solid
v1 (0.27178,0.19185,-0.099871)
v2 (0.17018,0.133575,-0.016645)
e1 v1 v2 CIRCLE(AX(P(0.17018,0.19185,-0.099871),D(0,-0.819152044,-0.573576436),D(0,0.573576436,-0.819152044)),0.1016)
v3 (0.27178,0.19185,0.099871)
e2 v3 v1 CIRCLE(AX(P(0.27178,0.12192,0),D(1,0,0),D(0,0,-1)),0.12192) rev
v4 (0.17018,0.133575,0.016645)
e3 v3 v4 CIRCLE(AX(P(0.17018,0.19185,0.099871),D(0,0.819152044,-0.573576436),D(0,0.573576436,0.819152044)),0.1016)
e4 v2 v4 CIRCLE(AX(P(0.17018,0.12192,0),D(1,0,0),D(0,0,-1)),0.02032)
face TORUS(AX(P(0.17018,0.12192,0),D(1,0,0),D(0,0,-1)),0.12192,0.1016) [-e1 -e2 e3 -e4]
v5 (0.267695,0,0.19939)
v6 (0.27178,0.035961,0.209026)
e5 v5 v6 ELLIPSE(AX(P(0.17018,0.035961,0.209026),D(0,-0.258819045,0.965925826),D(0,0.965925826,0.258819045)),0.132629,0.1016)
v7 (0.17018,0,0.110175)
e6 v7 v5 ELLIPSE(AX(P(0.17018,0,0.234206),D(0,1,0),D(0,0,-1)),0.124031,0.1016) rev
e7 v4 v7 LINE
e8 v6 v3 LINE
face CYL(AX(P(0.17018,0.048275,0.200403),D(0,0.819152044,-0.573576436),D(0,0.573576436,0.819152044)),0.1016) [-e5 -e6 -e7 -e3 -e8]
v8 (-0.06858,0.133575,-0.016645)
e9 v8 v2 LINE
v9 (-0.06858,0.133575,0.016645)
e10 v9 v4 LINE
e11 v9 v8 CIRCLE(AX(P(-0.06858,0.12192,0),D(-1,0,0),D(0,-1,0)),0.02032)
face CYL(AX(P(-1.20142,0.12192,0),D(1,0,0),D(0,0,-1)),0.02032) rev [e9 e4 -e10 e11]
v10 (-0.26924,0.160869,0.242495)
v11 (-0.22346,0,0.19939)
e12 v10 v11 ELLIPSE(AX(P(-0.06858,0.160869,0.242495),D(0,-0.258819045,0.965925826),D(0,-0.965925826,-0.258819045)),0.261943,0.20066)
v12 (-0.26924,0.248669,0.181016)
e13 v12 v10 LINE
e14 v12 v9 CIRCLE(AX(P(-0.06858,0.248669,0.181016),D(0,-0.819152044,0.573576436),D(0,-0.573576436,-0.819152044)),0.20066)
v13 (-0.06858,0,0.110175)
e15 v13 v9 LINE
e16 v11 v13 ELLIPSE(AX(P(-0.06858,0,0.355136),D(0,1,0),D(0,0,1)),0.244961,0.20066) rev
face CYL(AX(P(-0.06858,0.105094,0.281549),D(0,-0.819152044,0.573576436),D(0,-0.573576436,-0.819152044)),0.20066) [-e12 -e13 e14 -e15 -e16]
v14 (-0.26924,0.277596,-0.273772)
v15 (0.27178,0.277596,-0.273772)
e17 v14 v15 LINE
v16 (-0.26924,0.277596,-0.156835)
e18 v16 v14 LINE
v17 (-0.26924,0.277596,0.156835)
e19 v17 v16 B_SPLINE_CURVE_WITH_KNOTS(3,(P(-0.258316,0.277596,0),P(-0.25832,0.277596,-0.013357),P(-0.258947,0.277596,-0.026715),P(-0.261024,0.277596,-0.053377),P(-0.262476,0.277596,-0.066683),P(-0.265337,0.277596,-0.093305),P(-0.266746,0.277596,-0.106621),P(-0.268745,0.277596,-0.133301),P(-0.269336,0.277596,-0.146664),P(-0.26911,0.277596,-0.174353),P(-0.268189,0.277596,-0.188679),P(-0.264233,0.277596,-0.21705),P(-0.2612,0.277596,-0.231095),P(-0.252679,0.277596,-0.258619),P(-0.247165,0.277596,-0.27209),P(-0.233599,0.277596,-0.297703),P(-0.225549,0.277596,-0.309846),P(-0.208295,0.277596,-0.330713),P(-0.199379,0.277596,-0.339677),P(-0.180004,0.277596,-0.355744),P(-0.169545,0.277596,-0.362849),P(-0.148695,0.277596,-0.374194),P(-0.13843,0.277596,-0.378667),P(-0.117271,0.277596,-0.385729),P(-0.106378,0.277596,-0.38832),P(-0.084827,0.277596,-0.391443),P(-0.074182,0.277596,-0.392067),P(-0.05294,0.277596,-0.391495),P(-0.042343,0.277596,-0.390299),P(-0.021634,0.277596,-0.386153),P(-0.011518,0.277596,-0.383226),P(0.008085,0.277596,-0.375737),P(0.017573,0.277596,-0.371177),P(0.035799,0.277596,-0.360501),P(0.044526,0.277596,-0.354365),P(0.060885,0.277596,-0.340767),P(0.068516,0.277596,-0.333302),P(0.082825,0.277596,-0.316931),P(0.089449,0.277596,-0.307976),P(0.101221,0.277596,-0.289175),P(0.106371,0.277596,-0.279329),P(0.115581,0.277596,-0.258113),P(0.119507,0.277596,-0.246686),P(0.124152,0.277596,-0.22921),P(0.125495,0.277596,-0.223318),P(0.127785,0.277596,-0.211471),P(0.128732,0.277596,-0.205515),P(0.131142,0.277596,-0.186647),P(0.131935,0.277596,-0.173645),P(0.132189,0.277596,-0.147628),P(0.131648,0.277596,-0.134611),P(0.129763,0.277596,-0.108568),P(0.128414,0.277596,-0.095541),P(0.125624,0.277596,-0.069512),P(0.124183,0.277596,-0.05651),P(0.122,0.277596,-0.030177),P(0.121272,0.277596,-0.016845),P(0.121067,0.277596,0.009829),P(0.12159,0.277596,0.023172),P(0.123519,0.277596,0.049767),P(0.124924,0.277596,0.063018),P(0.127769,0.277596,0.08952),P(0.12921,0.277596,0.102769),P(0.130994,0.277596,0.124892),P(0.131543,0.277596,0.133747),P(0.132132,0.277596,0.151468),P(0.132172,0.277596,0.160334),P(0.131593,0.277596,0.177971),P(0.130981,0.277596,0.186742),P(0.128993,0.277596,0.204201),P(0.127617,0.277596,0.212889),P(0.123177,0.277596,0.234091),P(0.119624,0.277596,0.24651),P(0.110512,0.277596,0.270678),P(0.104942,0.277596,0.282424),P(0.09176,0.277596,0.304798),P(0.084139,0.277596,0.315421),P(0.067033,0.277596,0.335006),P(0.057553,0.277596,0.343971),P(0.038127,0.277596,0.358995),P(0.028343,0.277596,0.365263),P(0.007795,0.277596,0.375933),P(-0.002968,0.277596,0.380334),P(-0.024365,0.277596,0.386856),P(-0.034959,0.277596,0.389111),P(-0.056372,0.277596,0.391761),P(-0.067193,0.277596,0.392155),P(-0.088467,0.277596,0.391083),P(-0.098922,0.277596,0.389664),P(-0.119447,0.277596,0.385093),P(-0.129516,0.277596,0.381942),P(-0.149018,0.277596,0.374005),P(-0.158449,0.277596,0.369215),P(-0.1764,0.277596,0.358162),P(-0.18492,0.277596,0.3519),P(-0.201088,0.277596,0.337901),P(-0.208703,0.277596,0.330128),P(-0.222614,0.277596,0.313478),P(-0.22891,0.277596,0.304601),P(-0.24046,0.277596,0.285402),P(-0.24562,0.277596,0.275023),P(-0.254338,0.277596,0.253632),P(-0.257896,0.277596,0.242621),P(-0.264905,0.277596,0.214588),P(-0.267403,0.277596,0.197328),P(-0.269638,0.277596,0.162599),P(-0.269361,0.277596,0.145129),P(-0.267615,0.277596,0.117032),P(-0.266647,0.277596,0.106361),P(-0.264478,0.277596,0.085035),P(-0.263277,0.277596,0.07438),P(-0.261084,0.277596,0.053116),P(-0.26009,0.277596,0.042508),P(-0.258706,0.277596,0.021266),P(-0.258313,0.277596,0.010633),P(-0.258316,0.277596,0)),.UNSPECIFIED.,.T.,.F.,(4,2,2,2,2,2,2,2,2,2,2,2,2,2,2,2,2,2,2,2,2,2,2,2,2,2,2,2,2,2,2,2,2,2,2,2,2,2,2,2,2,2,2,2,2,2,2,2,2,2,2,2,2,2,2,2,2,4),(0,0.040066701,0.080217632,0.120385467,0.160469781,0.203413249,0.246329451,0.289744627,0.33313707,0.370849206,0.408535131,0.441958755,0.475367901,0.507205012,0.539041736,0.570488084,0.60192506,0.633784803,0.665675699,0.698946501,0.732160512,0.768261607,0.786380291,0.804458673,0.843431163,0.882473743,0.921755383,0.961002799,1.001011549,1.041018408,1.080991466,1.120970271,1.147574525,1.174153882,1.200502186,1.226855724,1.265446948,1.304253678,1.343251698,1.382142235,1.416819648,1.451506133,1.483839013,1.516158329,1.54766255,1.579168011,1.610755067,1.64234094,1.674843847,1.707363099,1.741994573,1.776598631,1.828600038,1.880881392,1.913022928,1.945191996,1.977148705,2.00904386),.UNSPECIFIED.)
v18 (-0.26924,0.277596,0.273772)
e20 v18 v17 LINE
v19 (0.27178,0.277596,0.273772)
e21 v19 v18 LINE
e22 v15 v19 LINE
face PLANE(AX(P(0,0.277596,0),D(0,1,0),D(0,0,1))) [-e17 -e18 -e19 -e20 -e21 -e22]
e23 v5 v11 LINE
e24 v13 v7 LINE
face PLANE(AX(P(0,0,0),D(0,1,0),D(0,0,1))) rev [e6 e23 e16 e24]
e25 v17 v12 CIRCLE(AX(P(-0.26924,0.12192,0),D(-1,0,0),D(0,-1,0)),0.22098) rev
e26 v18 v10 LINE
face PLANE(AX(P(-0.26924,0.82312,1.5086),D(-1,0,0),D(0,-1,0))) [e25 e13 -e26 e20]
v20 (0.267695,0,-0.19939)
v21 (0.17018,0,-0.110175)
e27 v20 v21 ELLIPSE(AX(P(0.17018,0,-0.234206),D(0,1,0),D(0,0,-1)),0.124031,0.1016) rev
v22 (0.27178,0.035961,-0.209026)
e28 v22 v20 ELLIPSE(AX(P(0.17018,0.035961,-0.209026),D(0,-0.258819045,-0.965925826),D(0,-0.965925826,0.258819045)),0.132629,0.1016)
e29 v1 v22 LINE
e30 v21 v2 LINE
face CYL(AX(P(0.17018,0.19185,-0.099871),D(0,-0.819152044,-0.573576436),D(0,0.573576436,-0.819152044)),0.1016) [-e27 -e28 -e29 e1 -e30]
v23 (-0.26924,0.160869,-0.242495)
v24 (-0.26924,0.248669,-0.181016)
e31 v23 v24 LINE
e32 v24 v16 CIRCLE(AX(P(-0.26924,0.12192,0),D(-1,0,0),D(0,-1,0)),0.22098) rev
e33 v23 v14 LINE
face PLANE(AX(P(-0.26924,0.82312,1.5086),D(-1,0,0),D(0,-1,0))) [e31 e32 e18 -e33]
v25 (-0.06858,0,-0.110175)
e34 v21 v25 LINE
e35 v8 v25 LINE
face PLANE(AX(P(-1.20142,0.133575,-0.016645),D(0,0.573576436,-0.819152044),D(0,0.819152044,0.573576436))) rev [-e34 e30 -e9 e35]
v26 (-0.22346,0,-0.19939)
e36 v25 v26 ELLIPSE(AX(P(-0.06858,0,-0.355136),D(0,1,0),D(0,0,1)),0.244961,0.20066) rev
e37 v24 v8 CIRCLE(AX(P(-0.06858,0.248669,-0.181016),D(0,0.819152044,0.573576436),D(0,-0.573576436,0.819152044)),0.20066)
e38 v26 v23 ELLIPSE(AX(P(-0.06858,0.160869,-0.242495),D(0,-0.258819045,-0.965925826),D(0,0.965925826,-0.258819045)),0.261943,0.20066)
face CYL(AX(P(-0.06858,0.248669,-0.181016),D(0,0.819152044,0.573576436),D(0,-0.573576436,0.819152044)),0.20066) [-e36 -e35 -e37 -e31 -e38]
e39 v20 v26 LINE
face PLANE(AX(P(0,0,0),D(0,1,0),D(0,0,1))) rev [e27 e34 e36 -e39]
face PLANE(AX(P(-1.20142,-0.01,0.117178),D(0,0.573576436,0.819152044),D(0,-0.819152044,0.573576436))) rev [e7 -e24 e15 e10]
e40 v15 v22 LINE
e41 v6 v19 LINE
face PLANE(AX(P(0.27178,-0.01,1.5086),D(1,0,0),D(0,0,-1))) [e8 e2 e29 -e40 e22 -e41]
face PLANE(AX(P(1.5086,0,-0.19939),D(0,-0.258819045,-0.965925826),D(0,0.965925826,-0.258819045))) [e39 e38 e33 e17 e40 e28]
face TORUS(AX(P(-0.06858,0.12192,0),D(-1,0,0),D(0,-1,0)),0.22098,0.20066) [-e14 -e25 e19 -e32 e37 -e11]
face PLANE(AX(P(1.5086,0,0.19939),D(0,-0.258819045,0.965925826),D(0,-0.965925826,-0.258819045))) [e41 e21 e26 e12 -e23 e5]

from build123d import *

# Parameters (mm, degrees)
SKETCH_TL_CUTTING_R    = 1.4986
TL_CUTTING_DEPTH       = 75.9968
SKETCH_TDF_CUTTING_W   = 3.01719996
SKETCH_TDF_CUTTING_H   = 3.01719996
TDF_CUTTING_DEPTH      = 77.026345527
VW_VR_GRINDING_DEPTH   = 1.50859998
VW_VR_GRINDING_2_DEPTH = 1.50859998
ISA_GRINDING_DEPTH     = 1.50859998
SKETCH_PRE_FRX_BRX_W   = 1.21682002
SKETCH_PRE_FRX_BRX_H   = 0.83312
SKETCH_PRE_FRX_BRX_W_2 = 1.24935996
PRE_FRX_BRX_DEPTH      = 1.50859998
FA_BA_GRINDING_DEPTH   = 1.50859998
BR_EDM_R               = 0.20066
FR_EDM_R               = 0.1016
SKETCH_ENGRAVING_W     = 0.033186299
SKETCH_ENGRAVING_H     = 1.128593452
SKETCH_ENGRAVING_H_2   = 1.128593453
ENGRAVING_DEPTH        = 0.005


with BuildPart() as part:
    # sketch_TL_cutting → TL_cutting (new body)
    with BuildSketch(Plane(origin=(0, 0, 0), x_dir=(1, 0, 0), z_dir=(0, 1, 0))):
        with Locations(Location((0, 0, 0), (0, 0, 270))):
            Circle(SKETCH_TL_CUTTING_R)
    extrude(amount=TL_CUTTING_DEPTH)

    # sketch_TDF_cutting → TDF_cutting (cut, through all)
    with BuildSketch(Plane(origin=(0, 0, 0), x_dir=(1, 0, 0), z_dir=(0, 1, 0))):
        with Locations((-2.71001998, 0)):
            Rectangle(SKETCH_TDF_CUTTING_W, SKETCH_TDF_CUTTING_H)
    extrude(amount=TDF_CUTTING_DEPTH, mode=Mode.SUBTRACT)


with BuildPart() as body_2:
    # sketch_VW_VR_grinding → VW_VR_grinding (new, symmetric)
    with BuildSketch(Plane(origin=(0, 0, 0), x_dir=(0, 0, -1), z_dir=(1, 0, 0))):
        with BuildLine():
            Line((-1.49360001, -0.00999998), (-1.49360001, 0.822008914))
            ThreePointArc((-1.49360001, 0.822008914), (-1.493648337, 0.823115792), (-1.493792952, 0.824214246))
            Line((-1.493792952, 0.824214246), (-1.51859996, 0.964901782))
            Line((-1.51859996, 0.964901782), (-1.50859998, -0.00999998))
            Line((-1.50859998, -0.00999998), (-1.49360001, -0.00999998))
        make_face()
    extrude(amount=VW_VR_GRINDING_DEPTH, both=True)


with BuildPart() as body_3:
    # sketch_VW_VR_grinding → VW_VR_grinding 2 (new, symmetric)
    with BuildSketch(Plane(origin=(0, 0, 0), x_dir=(0, 0, -1), z_dir=(1, 0, 0))):
        with BuildLine():
            Line((1.49360001, -0.00999998), (1.49360001, 0.822008914))
            ThreePointArc((1.49360001, 0.822008914), (1.493648337, 0.823115792), (1.493792952, 0.824214246))
            Line((1.493792952, 0.824214246), (1.51859996, 0.964901782))
            Line((1.51859996, 0.964901782), (1.50859998, -0.00999998))
            Line((1.50859998, -0.00999998), (1.49360001, -0.00999998))
        make_face()
    extrude(amount=VW_VR_GRINDING_2_DEPTH, both=True)


    add(body_2.part)  # ISA_grinding merges body 2
    # sketch_ISA_grinding → ISA_grinding (add, symmetric)
    with BuildSketch(Plane(origin=(0, 0, 0), x_dir=(0, 0, -1), z_dir=(1, 0, 0))):
        Polygon((-0.19939, 0), (0.19939, 0), (1.50859998, 4.886038163), (1.50859998, -0.02999994), (-1.50859998, -0.02999994), (-1.50859998, 4.886038163), align=None)
    extrude(amount=ISA_GRINDING_DEPTH, both=True)

    # sketch_pre_FRX_BRX → pre_FRX_BRX (add, symmetric)
    with BuildSketch(Plane.XY):
        with Locations((0.89018999, 0.40656002)):
            Rectangle(SKETCH_PRE_FRX_BRX_W, SKETCH_PRE_FRX_BRX_H)
        with Locations((-0.89391998, 0.40656002)):
            Rectangle(SKETCH_PRE_FRX_BRX_W_2, SKETCH_PRE_FRX_BRX_H)
    extrude(amount=PRE_FRX_BRX_DEPTH, both=True)

    # sketch_FA_BA_grinding → FA_BA_grinding (add, symmetric)
    with BuildSketch(Plane.XY):
        Polygon((0.27178, -0.00999998), (0.27178, 0.83312), (1.6256, 10.466049838), (1.6256, -0.00999998), align=None)
        Polygon((-0.26924, -0.00999998), (-0.26924, 0.83312), (-1.32842, 8.369577303), (-1.32842, -0.00999998), align=None)
    extrude(amount=FA_BA_GRINDING_DEPTH, both=True)


with BuildPart() as part_1:
    add(part.part)

    # B1_fix: cut body 3
    add(body_3.part, mode=Mode.SUBTRACT)

    # V-Groove_EDM: sweep along a path in sketch_contour_V-Groove
    with BuildLine(Plane.XY) as v_groove_edm_path:
        Line((-1.20142, 0.14224), (1.4986, 0.14224))
    # sketch_section_V-Groove → V-Groove_EDM (sweep, cut)
    with BuildSketch(Plane(origin=(-1.20142, 0, -1.2954), x_dir=(0, 0, -1), z_dir=(1, 0, 0))):
        with BuildLine():
            Line((-1.27875483, 0.133575073), (-1.178222496, -0.00999998))
            Line((-1.178222496, -0.00999998), (-1.412577504, -0.00999998))
            Line((-1.412577504, -0.00999998), (-1.31204517, 0.133575073))
            ThreePointArc((-1.31204517, 0.133575073), (-1.2954, 0.14224), (-1.27875483, 0.133575073))
        make_face()
    sweep(path=v_groove_edm_path.line, mode=Mode.SUBTRACT)

    # BR_EDM
    br_edm_edges = [part_1.edges().sort_by_distance(p)[0] for p in [
        (-0.26924, 0.14224, 0),
        (-0.26924, 0.066787537, -0.063410306),
        (-0.26924, 0.066787537, 0.063410306),
    ]]
    fillet(br_edm_edges, radius=BR_EDM_R)

    # FR_EDM
    fr_edm_edges = [part_1.edges().sort_by_distance(p)[0] for p in [
        (0.27178, 0.066787537, -0.063410306),
        (0.27178, 0.066787537, 0.063410306),
        (0.27178, 0.14224, 0),
    ]]
    fillet(fr_edm_edges, radius=FR_EDM_R)

    # sketch_Engraving → Engraving (cut)
    # profile 1 of 14: a face of its own
    with BuildSketch(Plane.ZY.offset(1.20142)):
        Polygon((0.531688452, 45.269846756), (0.531688452, 44.551415224), (0.030264207, 44.92787231), (0.030264207, 44.765052028), (-0.034552784, 44.633862437), (-0.102740259, 44.56723057), (-0.296154161, 44.503450651), (-0.425528876, 44.503450651), (-0.618942778, 44.56723057), (-0.749354564, 44.69842016), (-0.81235668, 44.891834063), (-0.81235668, 45.083433089), (-0.749354564, 45.276846991), (-0.682722697, 45.345293734), (-0.555940662, 45.408295849), (-0.541940192, 45.382887589), (-0.665351744, 45.320663277), (-0.724724108, 45.262846521), (-0.785133544, 45.080062605), (-0.785133544, 44.895463814), (-0.724724108, 44.712420631), (-0.604164504, 44.592638831), (-0.42112132, 44.531451591), (-0.299524645, 44.531451591), (-0.116740729, 44.592638831), (-0.059701777, 44.652270463), (0.001485463, 44.772052263), (0.001485463, 44.985429798), (0.502909708, 44.60923198), (0.502909708, 45.269846756), align=None)
    # profile 2 of 14: a face of its own
    with BuildSketch(Plane.ZY.offset(1.20142)):
        Polygon((-0.79576353, 43.729743189), (-0.79576353, 43.758521933), (0.483723879, 43.758521933), (0.316755309, 43.923157091), (0.254530997, 44.049939126), (0.278902186, 44.064976668), (0.341904302, 43.940528044), (0.531688452, 43.74996609), (0.531688452, 43.729743189), align=None)
    # profile 3 of 14: a face of its own
    with BuildSketch(Plane.ZY.offset(1.20142)):
        Polygon((-0.79576353, 42.579837909), (-0.79576353, 42.608616653), (0.483723879, 42.608616653), (0.316755309, 42.773251811), (0.254530997, 42.900033846), (0.278902186, 42.915071388), (0.341904302, 42.790622765), (0.531688452, 42.60006081), (0.531688452, 42.579837909), align=None)
    # profile 4 of 14: a face of its own
    with BuildSketch(Plane.ZY.offset(1.20142)):
        Polygon((-0.786170615, 41.055549687), (-0.79576353, 41.079920876), (-0.367193584, 41.245333838), (-0.367193584, 41.893763019), (-0.79576353, 42.059175981), (-0.786170615, 42.08354717), (0.531688452, 41.578752441), (0.531688452, 41.559566612), align=None)
        Polygon((-0.340748251, 41.255704557), (0.478538519, 41.569159527), (-0.340748251, 41.883133033), align=None, mode=Mode.SUBTRACT)
    # profile 5 of 14: a face of its own
    with BuildSketch(Plane.ZY.offset(1.20142)):
        with Locations((-0.231596438, 40.285083075)):
            Rectangle(SKETCH_ENGRAVING_W, SKETCH_ENGRAVING_H)
    # profile 6 of 14: a face of its own
    with BuildSketch(Plane.ZY.offset(1.20142)):
        Polygon((0.515095302, 38.490248732), (-0.79576353, 38.988821029), (-0.79576353, 39.018636845), (0.521058466, 39.518246214), (0.531688452, 39.493875025), (-0.756354799, 39.003858571), (0.525466021, 38.514619921), align=None)
    # profile 7 of 14: a face of its own
    with BuildSketch(Plane.ZY.offset(1.20142)):
        Polygon((-0.786170615, 38.108295165), (0.502909708, 37.49227448), (0.502909708, 38.347080961), (0.531688452, 38.347080961), (0.531688452, 37.44508771), (-0.79576353, 38.083664709), align=None)
    # profile 8 of 14: a face of its own
    with BuildSketch(Plane.ZY.offset(1.20142)):
        Polygon((-0.554125786, 36.366740389), (-0.749354564, 36.498189247), (-0.81235668, 36.693158757), (-0.81235668, 36.82279274), (-0.749354564, 37.01776225), (-0.554125786, 37.148174036), (-0.237559601, 37.211176152), (-0.044923503, 37.211176152), (0.271901951, 37.148174036), (0.466871461, 37.01776225), (0.531688452, 36.82279274), (0.531688452, 36.693158757), (0.466871461, 36.498189247), (0.271901951, 36.366740389), (-0.044923503, 36.304775345), (-0.237559601, 36.304775345), align=None)
        Polygon((-0.539347512, 36.395778401), (-0.22874449, 36.332776285), (-0.044923503, 36.332776285), (0.26567952, 36.395778401), (0.446907827, 36.515560201), (0.507057995, 36.696788509), (0.507057995, 36.818385184), (0.446907827, 36.999613492), (0.26567952, 37.120173096), (-0.044923503, 37.182397408), (-0.22874449, 37.182397408), (-0.539347512, 37.120173096), (-0.72057582, 36.999613492), (-0.780985256, 36.818385184), (-0.780985256, 36.696788509), (-0.72057582, 36.515560201), align=None, mode=Mode.SUBTRACT)
    # profile 9 of 14: a face of its own
    with BuildSketch(Plane.ZY.offset(1.20142)):
        with Locations((-0.231596438, 35.419971561)):
            Rectangle(SKETCH_ENGRAVING_W, SKETCH_ENGRAVING_H_2)
    # profile 10 of 14: a face of its own
    with BuildSketch(Plane.ZY.offset(1.20142)):
        Polygon((-0.541940192, 34.502759279), (-0.665351744, 34.440534968), (-0.724724108, 34.382718211), (-0.785133544, 34.199934296), (-0.785133544, 34.015335505), (-0.724724108, 33.832292321), (-0.604164504, 33.712510521), (-0.42112132, 33.651323281), (-0.299524645, 33.651323281), (-0.116740729, 33.712510521), (0.003041071, 33.832292321), (0.064487579, 34.015335505), (0.064487579, 34.199934296), (0.003041071, 34.382718211), (-0.086924913, 34.470350784), (0.531688452, 34.402941113), (0.531688452, 33.762289971), (0.502909708, 33.762289971), (0.502909708, 34.377532852), (-0.007329648, 34.434312537), (0.028449332, 34.396718682), (0.092488519, 34.203304779), (0.092488519, 34.011705753), (0.028449332, 33.818291851), (-0.102740259, 33.687102261), (-0.296154161, 33.623322341), (-0.425528876, 33.623322341), (-0.618942778, 33.687102261), (-0.749354564, 33.818291851), (-0.81235668, 34.011705753), (-0.81235668, 34.203304779), (-0.749354564, 34.396718682), (-0.682722697, 34.465165424), (-0.555940662, 34.52816754), align=None)
    # profile 11 of 14: a face of its own
    with BuildSketch(Plane.ZY.offset(1.20142)):
        Polygon((-0.554125786, 32.535382105), (-0.749354564, 32.666830964), (-0.81235668, 32.861800473), (-0.81235668, 32.991434456), (-0.749354564, 33.186403966), (-0.554125786, 33.316815753), (-0.237559601, 33.379817868), (-0.044923503, 33.379817868), (0.271901951, 33.316815753), (0.466871461, 33.186403966), (0.531688452, 32.991434456), (0.531688452, 32.861800473), (0.466871461, 32.666830964), (0.271901951, 32.535382105), (-0.044923503, 32.473417061), (-0.237559601, 32.473417061), align=None)
        Polygon((-0.539347512, 32.564420117), (-0.22874449, 32.501418002), (-0.044923503, 32.501418002), (0.26567952, 32.564420117), (0.446907827, 32.684201917), (0.507057995, 32.865430225), (0.507057995, 32.987026901), (0.446907827, 33.168255208), (0.26567952, 33.288814812), (-0.044923503, 33.351039124), (-0.22874449, 33.351039124), (-0.539347512, 33.288814812), (-0.72057582, 33.168255208), (-0.780985256, 32.987026901), (-0.780985256, 32.865430225), (-0.72057582, 32.684201917), align=None, mode=Mode.SUBTRACT)
    # profile 12 of 14: a face of its own
    with BuildSketch(Plane.ZY.offset(1.20142)):
        Polygon((-0.554125786, 31.385476826), (-0.749354564, 31.516925684), (-0.81235668, 31.711895194), (-0.81235668, 31.841529177), (-0.749354564, 32.036498686), (-0.554125786, 32.166910473), (-0.237559601, 32.229912589), (-0.044923503, 32.229912589), (0.271901951, 32.166910473), (0.466871461, 32.036498686), (0.531688452, 31.841529177), (0.531688452, 31.711895194), (0.466871461, 31.516925684), (0.271901951, 31.385476826), (-0.044923503, 31.323511782), (-0.237559601, 31.323511782), align=None)
        Polygon((-0.539347512, 31.414514838), (-0.22874449, 31.351512722), (-0.044923503, 31.351512722), (0.26567952, 31.414514838), (0.446907827, 31.534296638), (0.507057995, 31.715524945), (0.507057995, 31.837121621), (0.446907827, 32.018349929), (0.26567952, 32.138909533), (-0.044923503, 32.201133844), (-0.22874449, 32.201133844), (-0.539347512, 32.138909533), (-0.72057582, 32.018349929), (-0.780985256, 31.837121621), (-0.780985256, 31.715524945), (-0.72057582, 31.534296638), align=None, mode=Mode.SUBTRACT)
    # profile 13 of 14: a face of its own
    with BuildSketch(Plane.ZY.offset(1.20142)):
        with Locations((-0.231596438, 30.438707997)):
            Rectangle(SKETCH_ENGRAVING_W, SKETCH_ENGRAVING_H_2)
    # profile 14 of 14: a face of its own
    with BuildSketch(Plane.ZY.offset(1.20142)):
        Polygon((-0.79576353, 29.018256595), (-0.79576353, 29.04703534), (0.483723879, 29.04703534), (0.316755309, 29.211670497), (0.254530997, 29.338452532), (0.278902186, 29.353490074), (0.341904302, 29.229041451), (0.531688452, 29.038479497), (0.531688452, 29.018256595), align=None)
    extrude(amount=-ENGRAVING_DEPTH, mode=Mode.SUBTRACT)

    # SurfaceCut1
    split(bisect_by=Plane(origin=(0, 0.277595628, 0), x_dir=(1, 0, 0), z_dir=(0, 1, 0)), keep=Keep.BOTTOM)


solid = part_1.part
